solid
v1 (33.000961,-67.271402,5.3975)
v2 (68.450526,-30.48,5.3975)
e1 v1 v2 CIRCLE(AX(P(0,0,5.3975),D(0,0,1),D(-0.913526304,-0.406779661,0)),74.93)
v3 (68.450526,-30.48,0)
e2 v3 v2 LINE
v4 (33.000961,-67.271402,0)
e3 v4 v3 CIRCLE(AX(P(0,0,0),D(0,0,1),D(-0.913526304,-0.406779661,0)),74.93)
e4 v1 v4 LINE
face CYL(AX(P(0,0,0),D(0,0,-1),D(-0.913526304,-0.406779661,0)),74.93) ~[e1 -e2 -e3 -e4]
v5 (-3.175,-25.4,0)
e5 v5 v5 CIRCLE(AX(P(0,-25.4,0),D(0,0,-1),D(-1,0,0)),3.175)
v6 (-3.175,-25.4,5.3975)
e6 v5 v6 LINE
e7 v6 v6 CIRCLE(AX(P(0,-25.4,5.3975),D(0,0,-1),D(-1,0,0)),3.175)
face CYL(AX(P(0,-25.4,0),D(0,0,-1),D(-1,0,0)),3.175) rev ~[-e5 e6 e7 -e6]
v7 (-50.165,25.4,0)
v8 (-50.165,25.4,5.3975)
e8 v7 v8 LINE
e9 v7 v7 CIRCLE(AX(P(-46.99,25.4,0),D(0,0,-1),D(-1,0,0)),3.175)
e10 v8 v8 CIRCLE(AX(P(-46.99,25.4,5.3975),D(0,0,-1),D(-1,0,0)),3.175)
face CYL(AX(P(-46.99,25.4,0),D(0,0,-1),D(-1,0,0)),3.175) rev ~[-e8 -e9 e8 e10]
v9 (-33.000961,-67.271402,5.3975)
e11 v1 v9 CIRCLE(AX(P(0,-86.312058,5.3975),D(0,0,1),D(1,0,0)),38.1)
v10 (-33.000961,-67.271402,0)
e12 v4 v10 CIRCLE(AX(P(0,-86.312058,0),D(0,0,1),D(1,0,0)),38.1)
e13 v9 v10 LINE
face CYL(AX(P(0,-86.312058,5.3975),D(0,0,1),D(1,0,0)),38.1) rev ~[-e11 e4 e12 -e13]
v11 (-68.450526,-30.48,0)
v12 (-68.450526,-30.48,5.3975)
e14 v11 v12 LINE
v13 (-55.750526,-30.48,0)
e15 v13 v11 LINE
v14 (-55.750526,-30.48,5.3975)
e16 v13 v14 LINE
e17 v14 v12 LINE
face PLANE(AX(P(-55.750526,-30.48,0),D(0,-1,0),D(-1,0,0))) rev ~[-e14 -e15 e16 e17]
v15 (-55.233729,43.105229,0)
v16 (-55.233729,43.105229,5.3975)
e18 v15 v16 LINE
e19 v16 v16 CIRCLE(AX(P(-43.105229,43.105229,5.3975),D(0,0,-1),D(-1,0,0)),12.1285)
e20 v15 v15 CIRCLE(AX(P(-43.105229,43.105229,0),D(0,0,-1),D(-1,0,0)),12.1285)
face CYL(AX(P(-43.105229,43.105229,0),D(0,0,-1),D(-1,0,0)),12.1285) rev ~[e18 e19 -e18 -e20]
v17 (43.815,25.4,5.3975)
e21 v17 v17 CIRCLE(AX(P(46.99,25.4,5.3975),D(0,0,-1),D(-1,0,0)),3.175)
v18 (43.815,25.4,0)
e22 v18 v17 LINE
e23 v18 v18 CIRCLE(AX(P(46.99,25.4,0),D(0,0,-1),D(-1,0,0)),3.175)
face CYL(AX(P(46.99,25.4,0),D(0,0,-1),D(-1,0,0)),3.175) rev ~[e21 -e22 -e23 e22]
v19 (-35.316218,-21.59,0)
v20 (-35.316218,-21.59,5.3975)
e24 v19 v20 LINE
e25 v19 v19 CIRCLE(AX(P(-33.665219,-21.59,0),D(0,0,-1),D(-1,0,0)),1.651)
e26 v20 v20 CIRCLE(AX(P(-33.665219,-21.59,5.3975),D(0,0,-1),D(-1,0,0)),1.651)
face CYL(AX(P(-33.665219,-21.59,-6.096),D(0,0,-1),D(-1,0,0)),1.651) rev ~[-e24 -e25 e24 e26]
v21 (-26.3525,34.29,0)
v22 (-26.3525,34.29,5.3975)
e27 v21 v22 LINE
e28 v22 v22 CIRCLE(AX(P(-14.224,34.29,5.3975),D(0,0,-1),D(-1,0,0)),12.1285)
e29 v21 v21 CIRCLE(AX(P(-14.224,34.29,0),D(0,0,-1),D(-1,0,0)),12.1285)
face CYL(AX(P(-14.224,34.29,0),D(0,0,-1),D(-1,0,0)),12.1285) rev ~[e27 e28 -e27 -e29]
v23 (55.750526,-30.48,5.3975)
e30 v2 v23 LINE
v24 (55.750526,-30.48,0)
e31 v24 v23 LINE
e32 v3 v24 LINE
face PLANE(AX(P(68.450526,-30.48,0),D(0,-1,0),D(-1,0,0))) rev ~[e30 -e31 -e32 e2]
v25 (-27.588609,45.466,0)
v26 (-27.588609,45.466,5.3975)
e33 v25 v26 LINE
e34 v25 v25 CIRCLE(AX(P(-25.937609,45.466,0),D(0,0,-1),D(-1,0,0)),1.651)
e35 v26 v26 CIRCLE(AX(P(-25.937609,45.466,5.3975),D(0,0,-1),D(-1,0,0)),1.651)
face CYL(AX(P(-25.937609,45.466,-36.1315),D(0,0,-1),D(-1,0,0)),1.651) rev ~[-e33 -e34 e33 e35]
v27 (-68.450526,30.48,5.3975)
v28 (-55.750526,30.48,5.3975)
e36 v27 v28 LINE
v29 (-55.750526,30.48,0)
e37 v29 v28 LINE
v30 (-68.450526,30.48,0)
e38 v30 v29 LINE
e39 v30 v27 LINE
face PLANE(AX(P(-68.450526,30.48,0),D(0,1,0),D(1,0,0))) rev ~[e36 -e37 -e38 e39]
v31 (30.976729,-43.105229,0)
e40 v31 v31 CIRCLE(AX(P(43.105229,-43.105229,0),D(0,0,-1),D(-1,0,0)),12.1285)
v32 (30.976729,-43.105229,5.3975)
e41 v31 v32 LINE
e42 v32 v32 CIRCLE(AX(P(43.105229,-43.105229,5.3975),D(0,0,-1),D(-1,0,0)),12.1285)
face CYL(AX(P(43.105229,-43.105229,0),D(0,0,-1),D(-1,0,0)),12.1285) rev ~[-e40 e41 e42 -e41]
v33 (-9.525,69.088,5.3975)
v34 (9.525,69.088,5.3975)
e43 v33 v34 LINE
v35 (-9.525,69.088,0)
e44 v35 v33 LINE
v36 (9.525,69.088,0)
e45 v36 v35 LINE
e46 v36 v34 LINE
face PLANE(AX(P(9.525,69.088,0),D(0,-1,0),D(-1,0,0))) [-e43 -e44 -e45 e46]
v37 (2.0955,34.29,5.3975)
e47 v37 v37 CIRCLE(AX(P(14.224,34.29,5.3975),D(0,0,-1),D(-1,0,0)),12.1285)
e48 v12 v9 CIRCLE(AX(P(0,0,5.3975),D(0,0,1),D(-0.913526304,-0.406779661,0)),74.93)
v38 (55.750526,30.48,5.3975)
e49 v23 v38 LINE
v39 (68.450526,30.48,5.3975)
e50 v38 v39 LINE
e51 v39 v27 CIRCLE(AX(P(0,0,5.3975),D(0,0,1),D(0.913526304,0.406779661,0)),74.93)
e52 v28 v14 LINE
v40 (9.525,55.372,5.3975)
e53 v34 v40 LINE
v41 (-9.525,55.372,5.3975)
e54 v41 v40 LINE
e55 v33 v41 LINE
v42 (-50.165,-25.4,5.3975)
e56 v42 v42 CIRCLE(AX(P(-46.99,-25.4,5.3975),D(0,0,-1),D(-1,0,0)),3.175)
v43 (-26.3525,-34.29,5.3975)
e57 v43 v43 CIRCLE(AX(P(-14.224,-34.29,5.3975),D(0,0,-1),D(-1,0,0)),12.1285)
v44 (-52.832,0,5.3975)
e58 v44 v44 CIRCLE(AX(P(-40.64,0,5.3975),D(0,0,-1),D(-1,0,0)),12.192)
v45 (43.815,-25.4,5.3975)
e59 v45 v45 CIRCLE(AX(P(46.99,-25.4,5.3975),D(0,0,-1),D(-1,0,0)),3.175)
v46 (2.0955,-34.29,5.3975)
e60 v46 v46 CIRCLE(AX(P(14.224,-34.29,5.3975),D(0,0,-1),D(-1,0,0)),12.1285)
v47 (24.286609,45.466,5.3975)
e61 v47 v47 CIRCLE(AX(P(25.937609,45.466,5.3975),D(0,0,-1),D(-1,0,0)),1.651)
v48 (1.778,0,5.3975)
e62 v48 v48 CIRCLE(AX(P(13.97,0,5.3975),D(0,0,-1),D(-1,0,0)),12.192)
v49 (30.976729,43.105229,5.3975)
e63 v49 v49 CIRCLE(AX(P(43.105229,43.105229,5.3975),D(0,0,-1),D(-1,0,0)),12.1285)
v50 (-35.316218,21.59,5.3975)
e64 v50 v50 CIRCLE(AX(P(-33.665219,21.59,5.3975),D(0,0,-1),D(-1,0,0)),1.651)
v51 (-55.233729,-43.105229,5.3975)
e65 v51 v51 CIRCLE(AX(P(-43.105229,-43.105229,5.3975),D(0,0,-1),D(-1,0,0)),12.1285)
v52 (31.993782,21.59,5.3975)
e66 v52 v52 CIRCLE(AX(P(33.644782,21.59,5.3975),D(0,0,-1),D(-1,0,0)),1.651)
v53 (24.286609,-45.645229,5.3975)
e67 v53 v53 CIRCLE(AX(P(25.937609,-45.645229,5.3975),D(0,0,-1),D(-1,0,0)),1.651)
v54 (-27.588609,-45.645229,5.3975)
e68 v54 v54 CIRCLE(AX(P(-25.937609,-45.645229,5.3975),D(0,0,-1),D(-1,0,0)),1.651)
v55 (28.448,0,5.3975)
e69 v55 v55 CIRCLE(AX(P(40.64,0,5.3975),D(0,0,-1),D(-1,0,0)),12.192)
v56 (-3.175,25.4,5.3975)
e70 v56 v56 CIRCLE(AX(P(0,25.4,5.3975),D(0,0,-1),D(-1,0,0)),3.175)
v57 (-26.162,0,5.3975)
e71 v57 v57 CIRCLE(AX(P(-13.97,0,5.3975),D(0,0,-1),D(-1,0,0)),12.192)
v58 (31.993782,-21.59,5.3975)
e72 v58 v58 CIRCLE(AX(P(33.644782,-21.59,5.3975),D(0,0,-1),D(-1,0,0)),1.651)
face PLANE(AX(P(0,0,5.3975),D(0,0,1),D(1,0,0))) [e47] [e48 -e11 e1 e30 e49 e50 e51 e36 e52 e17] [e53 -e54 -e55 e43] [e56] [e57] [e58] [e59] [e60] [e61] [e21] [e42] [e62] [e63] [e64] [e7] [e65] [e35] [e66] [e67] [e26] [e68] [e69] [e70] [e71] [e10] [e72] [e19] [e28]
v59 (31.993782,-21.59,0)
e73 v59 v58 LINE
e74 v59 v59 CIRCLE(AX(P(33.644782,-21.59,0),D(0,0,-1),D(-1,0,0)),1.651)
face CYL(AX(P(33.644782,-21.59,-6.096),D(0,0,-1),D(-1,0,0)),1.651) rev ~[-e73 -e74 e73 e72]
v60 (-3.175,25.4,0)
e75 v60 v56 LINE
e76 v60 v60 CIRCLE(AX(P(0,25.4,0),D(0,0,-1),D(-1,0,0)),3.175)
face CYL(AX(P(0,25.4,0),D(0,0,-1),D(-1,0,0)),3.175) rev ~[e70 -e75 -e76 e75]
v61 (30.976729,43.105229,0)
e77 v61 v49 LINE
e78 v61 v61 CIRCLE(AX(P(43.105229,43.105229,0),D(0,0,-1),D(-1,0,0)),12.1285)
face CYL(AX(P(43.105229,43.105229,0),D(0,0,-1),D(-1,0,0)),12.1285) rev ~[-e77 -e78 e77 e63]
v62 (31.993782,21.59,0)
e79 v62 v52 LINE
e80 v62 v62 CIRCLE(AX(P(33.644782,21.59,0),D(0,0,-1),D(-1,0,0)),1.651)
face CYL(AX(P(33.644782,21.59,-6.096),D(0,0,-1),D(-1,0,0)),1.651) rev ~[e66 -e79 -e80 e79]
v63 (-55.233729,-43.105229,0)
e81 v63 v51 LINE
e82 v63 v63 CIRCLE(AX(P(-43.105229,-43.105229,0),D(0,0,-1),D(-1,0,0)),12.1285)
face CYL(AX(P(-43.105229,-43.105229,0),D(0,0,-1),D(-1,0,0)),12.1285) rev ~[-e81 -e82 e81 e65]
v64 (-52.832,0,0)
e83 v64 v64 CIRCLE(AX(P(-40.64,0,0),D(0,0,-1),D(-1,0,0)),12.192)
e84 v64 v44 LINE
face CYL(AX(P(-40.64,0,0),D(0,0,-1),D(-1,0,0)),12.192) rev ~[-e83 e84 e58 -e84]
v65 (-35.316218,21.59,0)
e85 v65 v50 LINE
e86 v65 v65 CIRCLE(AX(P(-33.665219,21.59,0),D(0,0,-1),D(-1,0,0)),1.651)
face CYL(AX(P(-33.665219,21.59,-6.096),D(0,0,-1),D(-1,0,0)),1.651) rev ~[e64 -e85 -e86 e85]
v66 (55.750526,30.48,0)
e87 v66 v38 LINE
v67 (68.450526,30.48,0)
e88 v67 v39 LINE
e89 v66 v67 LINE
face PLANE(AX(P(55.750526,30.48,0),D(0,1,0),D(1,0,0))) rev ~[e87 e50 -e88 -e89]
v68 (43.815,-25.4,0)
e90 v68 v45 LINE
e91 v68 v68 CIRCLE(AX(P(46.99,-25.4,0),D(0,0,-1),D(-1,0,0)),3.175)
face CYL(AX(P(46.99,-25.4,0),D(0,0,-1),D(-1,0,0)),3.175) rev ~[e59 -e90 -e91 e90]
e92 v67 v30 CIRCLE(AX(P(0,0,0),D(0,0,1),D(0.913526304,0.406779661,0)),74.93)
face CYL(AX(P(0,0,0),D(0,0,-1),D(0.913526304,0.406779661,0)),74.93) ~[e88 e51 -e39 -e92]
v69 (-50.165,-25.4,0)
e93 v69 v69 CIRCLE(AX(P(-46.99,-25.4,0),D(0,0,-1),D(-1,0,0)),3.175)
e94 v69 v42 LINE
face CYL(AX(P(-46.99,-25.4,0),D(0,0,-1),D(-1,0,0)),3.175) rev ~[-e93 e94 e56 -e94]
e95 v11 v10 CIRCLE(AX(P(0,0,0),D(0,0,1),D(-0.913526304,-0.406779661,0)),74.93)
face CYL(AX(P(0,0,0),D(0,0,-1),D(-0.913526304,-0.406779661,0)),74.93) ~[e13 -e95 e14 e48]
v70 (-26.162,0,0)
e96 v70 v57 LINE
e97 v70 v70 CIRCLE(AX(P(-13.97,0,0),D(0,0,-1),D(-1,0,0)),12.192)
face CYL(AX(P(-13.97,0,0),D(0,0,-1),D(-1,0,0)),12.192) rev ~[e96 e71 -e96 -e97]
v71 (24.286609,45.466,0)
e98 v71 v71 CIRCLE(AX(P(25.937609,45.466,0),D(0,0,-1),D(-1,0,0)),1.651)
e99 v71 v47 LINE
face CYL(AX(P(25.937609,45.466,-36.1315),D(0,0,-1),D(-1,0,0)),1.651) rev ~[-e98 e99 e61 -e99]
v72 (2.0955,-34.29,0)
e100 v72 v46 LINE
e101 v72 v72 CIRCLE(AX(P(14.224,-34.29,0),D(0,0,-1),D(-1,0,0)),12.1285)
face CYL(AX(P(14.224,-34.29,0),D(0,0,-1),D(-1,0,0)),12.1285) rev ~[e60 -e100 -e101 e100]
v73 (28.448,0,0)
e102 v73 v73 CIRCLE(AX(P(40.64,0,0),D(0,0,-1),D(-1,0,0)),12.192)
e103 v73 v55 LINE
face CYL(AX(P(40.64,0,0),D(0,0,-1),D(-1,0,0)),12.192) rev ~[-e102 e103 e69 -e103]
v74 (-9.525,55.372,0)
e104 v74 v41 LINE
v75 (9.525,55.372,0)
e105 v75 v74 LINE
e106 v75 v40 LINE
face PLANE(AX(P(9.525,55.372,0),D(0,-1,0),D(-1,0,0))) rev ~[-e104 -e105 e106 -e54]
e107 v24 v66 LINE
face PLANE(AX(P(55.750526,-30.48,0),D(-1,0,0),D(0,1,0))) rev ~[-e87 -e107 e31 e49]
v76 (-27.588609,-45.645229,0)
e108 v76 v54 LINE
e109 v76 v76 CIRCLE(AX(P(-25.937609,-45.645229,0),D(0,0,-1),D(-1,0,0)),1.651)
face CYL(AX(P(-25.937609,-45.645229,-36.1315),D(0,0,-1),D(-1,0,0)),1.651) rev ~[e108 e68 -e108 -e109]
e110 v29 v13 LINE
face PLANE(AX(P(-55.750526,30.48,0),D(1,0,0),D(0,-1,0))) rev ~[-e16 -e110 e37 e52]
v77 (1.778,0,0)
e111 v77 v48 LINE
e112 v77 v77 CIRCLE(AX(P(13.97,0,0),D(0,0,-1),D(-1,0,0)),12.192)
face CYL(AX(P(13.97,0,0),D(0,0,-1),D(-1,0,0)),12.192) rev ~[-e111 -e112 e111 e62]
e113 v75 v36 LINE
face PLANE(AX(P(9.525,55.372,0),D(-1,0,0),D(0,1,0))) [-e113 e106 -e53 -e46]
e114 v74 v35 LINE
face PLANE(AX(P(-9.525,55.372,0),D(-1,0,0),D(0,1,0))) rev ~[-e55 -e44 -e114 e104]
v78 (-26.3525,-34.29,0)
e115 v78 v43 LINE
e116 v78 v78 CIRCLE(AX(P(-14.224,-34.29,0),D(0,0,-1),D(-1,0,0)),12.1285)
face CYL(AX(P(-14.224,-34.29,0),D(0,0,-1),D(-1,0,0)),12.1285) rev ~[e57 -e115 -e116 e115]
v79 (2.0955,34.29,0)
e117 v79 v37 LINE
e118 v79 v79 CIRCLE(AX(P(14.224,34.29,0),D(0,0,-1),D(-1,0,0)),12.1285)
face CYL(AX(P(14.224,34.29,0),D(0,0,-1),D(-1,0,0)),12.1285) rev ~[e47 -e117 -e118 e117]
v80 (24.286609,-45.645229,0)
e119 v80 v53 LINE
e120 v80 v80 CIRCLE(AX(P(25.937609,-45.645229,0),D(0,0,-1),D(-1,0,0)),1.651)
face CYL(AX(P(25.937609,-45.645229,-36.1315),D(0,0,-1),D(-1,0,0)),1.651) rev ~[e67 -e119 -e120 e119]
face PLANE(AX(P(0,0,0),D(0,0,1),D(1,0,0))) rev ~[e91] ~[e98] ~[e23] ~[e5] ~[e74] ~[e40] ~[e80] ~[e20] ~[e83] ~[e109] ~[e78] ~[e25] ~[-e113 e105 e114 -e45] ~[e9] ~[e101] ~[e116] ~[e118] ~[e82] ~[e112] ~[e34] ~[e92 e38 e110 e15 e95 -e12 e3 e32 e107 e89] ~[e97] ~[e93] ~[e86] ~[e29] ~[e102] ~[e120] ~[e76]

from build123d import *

# Parameters (mm, degrees)
BOSS_EXTRUDE2_DEPTH      = 5.3975
SKETCH3_R                = 12.192
SKETCH3_R_2              = 12.1285
CUT_EXTRUDE2_DEPTH       = 6.3975
SKETCH5_W                = 19.05
SKETCH5_H                = 13.716
CUT_EXTRUDE3_DEPTH       = 40.64
SKETCH6_R                = 38.1
CUT_EXTRUDE4_DEPTH       = 6.3975
SKETCH11_R               = 1.651
CUT_EXTRUDE9_DEPTH       = 75.692
SKETCH13_R               = 1.651
CUT_EXTRUDE11_DEPTH      = 97.79
SKETCH15_R               = 3.175
CUT_EXTRUDE13_DEPTH      = 103.378
CUT_EXTRUDE13_DEPTH_BACK = 48.768


with BuildPart() as part:
    # Sketch1 → Boss-Extrude2 (new body)
    with BuildSketch(Plane.XY):
        with BuildLine():
            Line((-68.450525929, 30.48), (-55.750525929, 30.48))
            Line((-55.750525929, 30.48), (-55.750525929, -30.48))
            Line((-55.750525929, -30.48), (-68.450525929, -30.48))
            ThreePointArc((-68.450525929, -30.48), (0, -74.93), (68.450525929, -30.48))
            Line((68.450525929, -30.48), (55.750525929, -30.48))
            Line((55.750525929, -30.48), (55.750525929, 30.48))
            Line((55.750525929, 30.48), (68.450525929, 30.48))
            ThreePointArc((68.450525929, 30.48), (0, 74.93), (-68.450525929, 30.48))
        make_face()
    extrude(amount=BOSS_EXTRUDE2_DEPTH)

    # Sketch3 → Cut-Extrude2 (cut, through all)
    with BuildSketch(Plane(origin=(0, 0, 0), x_dir=(-1, 0, 0), z_dir=(0, 0, -1))):
        with Locations((-13.97, 0)):
            Circle(SKETCH3_R)
        with Locations((13.97, 0)):
            Circle(SKETCH3_R)
        with Locations((40.64, 0)):
            Circle(SKETCH3_R)
        with Locations((-43.105229381, -43.105229381)):
            Circle(SKETCH3_R_2)
        with Locations((14.224, -34.29)):
            Circle(SKETCH3_R_2)
        with Locations((14.224, 34.29)):
            Circle(SKETCH3_R_2)
        with Locations((-43.105229381, 43.105229381)):
            Circle(SKETCH3_R_2)
        with Locations((43.105229381, 43.105229381)):
            Circle(SKETCH3_R_2)
        with Locations((-14.224, 34.29)):
            Circle(SKETCH3_R_2)
        with Locations((-14.224, -34.29)):
            Circle(SKETCH3_R_2)
        with Locations((43.105229381, -43.105229381)):
            Circle(SKETCH3_R_2)
        with Locations((-40.64, 0)):
            Circle(SKETCH3_R)
    extrude(amount=-CUT_EXTRUDE2_DEPTH, mode=Mode.SUBTRACT)

    # Sketch5 → Cut-Extrude3 (cut)
    with BuildSketch(Plane(origin=(0, 0, 0), x_dir=(-1, 0, 0), z_dir=(0, 0, -1))):
        with Locations((0, 62.23)):
            Rectangle(SKETCH5_W, SKETCH5_H)
    extrude(amount=-CUT_EXTRUDE3_DEPTH, mode=Mode.SUBTRACT)

    # Sketch6 → Cut-Extrude4 (cut, through all)
    with BuildSketch(Plane.XY.offset(5.3975)):
        with Locations((0, -86.312058398)):
            Circle(SKETCH6_R)
    extrude(amount=-CUT_EXTRUDE4_DEPTH, mode=Mode.SUBTRACT)

    # Sketch11 → Cut-Extrude9 (cut)
    with BuildSketch(Plane(origin=(30.092005081, 4.08352975, -6.096), x_dir=(-1, 0, 0), z_dir=(0, 0, -1))):
        with Locations((63.757223581, 17.50647025)):
            Circle(SKETCH11_R)
        with Locations((63.757223581, -25.67352975)):
            Circle(SKETCH11_R)
        with Locations((-3.552776419, -25.67352975)):
            Circle(SKETCH11_R)
        with Locations((-3.552776419, 17.50647025)):
            Circle(SKETCH11_R)
    extrude(amount=-CUT_EXTRUDE9_DEPTH, mode=Mode.SUBTRACT)

    # Sketch13 → Cut-Extrude11 (cut)
    with BuildSketch(Plane(origin=(30.092005081, 4.08352975, -36.1315), x_dir=(-1, 0, 0), z_dir=(0, 0, -1))):
        with Locations((4.154396091, -49.728759131)):
            Circle(SKETCH13_R)
        with Locations((56.02961407, -49.728759131)):
            Circle(SKETCH13_R)
        with Locations((4.154396091, 41.38247025)):
            Circle(SKETCH13_R)
        with Locations((56.02961407, 41.38247025)):
            Circle(SKETCH13_R)
    extrude(amount=-CUT_EXTRUDE11_DEPTH, mode=Mode.SUBTRACT)

    # Sketch15 → Cut-Extrude13 (cut, two sides)
    with BuildSketch(Plane(origin=(30.092005081, 4.08352975, 0), x_dir=(-1, 0, 0), z_dir=(0, 0, -1))) as cut_extrude13_sk:
        with Locations((-16.897994919, 21.31647025)):
            Circle(SKETCH15_R)
        with Locations((77.082005081, 21.31647025)):
            Circle(SKETCH15_R)
        with Locations((30.092005081, 21.31647025)):
            Circle(SKETCH15_R)
        with Locations((77.082005081, -29.48352975)):
            Circle(SKETCH15_R)
        with Locations((30.092005081, -29.48352975)):
            Circle(SKETCH15_R)
        with Locations((-16.897994919, -29.48352975)):
            Circle(SKETCH15_R)
    extrude(amount=CUT_EXTRUDE13_DEPTH, mode=Mode.SUBTRACT)
    extrude(cut_extrude13_sk.sketch, amount=-CUT_EXTRUDE13_DEPTH_BACK, mode=Mode.SUBTRACT)


solid = part.part
